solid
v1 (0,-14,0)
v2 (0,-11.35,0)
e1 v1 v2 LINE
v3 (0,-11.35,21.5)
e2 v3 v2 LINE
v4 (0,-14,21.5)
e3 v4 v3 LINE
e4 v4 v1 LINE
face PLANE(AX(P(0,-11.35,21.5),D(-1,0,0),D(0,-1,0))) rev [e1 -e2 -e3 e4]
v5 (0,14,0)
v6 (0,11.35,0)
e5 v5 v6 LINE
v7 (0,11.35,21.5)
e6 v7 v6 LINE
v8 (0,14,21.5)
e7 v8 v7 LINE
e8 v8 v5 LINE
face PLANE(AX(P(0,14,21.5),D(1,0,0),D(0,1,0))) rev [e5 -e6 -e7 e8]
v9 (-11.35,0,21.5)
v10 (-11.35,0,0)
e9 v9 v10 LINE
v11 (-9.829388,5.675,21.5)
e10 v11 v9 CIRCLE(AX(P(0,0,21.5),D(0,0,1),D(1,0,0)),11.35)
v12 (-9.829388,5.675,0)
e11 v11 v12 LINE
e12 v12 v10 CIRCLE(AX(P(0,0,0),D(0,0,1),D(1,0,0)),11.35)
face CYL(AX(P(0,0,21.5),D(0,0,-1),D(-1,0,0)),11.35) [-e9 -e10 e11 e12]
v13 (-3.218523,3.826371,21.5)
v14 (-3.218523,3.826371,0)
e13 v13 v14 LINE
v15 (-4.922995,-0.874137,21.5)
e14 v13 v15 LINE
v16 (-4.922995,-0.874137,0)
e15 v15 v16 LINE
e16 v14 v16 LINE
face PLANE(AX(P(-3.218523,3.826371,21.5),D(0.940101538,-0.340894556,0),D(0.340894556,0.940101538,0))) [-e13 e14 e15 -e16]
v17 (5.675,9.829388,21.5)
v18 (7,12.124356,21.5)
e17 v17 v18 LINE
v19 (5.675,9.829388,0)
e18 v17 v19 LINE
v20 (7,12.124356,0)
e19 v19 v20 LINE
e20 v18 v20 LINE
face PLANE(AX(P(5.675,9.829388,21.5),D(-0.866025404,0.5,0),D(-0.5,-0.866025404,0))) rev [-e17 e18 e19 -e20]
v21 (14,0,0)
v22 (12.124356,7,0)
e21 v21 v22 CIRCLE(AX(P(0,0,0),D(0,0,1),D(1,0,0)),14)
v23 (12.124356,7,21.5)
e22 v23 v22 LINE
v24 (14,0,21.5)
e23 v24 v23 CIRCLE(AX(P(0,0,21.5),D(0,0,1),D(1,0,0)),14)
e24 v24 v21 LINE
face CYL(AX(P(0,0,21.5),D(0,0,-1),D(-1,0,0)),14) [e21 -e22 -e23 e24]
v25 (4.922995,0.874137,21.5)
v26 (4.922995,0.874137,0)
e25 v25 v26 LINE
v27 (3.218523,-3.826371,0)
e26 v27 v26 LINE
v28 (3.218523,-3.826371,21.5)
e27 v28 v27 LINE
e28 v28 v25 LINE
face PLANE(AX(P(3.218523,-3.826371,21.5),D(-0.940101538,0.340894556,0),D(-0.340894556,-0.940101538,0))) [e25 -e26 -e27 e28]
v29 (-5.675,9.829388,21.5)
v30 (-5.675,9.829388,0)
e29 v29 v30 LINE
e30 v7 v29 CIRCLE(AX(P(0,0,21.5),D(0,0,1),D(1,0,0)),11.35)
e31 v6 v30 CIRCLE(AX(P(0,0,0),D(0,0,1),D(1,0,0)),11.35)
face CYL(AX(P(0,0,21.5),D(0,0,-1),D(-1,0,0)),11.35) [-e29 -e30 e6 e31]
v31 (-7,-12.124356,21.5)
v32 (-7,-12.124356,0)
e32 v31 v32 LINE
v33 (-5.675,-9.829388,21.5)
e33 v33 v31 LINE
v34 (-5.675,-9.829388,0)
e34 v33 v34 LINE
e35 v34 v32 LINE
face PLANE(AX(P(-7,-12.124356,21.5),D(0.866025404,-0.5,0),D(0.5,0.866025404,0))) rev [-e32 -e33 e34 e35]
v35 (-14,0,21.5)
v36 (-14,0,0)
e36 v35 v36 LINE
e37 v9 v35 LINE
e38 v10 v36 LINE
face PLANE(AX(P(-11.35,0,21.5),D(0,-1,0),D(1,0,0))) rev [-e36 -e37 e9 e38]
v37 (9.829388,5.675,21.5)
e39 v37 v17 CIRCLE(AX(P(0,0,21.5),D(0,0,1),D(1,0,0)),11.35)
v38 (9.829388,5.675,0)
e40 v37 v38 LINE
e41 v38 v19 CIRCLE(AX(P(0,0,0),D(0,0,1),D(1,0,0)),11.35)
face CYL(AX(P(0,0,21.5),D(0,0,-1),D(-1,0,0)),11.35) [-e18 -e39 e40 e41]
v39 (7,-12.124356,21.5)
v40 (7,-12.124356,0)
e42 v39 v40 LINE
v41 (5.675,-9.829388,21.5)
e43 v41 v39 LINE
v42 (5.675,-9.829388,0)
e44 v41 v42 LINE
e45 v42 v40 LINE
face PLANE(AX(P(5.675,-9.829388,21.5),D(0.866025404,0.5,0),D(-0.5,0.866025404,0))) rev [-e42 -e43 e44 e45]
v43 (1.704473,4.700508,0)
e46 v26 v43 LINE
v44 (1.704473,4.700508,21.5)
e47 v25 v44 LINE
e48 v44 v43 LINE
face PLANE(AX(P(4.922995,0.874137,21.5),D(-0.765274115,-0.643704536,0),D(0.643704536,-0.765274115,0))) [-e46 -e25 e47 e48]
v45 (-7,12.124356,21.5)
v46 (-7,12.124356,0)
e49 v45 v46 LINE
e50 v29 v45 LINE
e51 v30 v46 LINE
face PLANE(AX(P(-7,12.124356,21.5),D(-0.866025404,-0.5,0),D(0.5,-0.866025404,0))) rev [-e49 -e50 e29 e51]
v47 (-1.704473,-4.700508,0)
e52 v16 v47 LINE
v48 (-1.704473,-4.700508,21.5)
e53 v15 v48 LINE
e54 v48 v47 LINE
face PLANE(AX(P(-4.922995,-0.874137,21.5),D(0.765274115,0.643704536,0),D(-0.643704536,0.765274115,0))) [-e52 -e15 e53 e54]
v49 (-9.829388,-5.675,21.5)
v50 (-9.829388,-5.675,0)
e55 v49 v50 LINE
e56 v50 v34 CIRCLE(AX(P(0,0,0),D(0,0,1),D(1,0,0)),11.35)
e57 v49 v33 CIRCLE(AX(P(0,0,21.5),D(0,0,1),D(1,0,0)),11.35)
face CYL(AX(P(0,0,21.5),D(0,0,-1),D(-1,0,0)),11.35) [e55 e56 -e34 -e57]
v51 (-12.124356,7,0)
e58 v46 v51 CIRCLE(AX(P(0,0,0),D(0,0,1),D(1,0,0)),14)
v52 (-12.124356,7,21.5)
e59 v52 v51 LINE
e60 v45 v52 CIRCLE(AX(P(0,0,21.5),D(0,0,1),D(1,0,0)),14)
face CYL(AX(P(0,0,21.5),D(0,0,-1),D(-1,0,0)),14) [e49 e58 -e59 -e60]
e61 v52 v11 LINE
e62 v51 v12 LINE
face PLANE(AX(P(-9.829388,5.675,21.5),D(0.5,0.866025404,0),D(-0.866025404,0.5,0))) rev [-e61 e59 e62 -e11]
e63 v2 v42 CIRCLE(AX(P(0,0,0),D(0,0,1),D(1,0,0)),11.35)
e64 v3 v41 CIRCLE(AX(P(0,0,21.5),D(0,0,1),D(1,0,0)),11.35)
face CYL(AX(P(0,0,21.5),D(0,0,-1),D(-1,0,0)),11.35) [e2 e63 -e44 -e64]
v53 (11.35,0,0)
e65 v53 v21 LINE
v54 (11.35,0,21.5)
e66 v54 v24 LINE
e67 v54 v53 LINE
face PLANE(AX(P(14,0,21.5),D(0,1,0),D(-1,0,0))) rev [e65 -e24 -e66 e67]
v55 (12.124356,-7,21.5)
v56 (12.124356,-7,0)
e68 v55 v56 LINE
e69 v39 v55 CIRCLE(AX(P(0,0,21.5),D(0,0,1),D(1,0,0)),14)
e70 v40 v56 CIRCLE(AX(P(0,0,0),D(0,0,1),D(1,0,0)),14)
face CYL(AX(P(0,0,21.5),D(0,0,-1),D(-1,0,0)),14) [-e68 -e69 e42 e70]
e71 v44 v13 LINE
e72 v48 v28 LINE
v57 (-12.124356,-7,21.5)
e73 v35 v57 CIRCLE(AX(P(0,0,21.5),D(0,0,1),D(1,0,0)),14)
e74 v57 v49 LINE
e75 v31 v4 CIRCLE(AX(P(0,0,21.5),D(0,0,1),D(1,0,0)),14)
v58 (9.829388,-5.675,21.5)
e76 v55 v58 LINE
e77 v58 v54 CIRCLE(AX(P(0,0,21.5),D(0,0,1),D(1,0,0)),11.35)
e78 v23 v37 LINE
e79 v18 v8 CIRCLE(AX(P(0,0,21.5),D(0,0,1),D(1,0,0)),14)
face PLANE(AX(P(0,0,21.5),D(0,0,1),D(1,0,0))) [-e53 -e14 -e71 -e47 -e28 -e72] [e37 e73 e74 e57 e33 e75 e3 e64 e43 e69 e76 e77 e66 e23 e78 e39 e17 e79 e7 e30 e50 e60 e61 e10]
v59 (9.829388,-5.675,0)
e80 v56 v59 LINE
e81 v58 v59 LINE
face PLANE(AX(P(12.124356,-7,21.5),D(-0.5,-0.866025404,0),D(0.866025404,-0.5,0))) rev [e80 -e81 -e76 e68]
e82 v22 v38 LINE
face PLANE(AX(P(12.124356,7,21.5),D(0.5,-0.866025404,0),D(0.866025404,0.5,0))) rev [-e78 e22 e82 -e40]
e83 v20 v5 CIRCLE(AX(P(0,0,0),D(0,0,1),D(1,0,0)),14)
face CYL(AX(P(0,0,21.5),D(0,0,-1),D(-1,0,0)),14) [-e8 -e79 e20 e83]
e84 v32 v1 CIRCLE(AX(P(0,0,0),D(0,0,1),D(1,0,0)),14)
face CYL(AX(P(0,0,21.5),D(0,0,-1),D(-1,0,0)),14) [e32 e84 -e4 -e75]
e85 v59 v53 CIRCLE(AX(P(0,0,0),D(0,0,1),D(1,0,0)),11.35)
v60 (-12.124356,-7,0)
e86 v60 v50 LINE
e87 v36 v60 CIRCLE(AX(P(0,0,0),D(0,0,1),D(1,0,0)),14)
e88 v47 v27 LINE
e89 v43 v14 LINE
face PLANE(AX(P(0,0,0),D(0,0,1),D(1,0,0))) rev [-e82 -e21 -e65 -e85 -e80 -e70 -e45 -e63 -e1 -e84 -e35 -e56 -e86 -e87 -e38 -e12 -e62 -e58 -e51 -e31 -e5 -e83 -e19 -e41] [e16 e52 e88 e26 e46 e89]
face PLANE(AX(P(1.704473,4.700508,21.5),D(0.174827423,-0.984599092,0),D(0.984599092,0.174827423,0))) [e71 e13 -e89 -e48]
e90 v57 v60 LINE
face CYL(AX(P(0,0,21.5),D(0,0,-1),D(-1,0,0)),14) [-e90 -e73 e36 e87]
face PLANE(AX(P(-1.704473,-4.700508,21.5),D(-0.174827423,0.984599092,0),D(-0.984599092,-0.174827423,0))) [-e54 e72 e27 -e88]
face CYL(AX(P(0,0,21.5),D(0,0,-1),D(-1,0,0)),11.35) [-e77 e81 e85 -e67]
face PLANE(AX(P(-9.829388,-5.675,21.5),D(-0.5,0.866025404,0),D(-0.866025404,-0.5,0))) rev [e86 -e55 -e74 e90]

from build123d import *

# Parameters (mm, degrees)
DODANIE_WYCI_GNI_CIE1_DEPTH = 21.5


with BuildPart() as part:
    # Szkic1 → Dodanie-wyciągnięcie1 (new body)
    with BuildSketch(Plane.XY):
        with BuildLine():
            Line((0, 14), (0, 11.35))
            ThreePointArc((0, 11.35), (-2.937596162, 10.963258128), (-5.675, 9.829388333))
            Line((-5.675, 9.829388333), (-7, 12.124355653))
            ThreePointArc((-7, 12.124355653), (-9.899494937, 9.899494937), (-12.124355653, 7))
            Line((-12.124355653, 7), (-9.829388333, 5.675))
            ThreePointArc((-9.829388333, 5.675), (-10.963258128, 2.937596162), (-11.35, 0))
            Line((-11.35, 0), (-14, 0))
            ThreePointArc((-14, 0), (-13.522961568, -3.623466631), (-12.124355653, -7))
            Line((-12.124355653, -7), (-9.829388333, -5.675))
            ThreePointArc((-9.829388333, -5.675), (-8.025661966, -8.025661966), (-5.675, -9.829388333))
            Line((-5.675, -9.829388333), (-7, -12.124355653))
            ThreePointArc((-7, -12.124355653), (-3.623466631, -13.522961568), (0, -14))
            Line((0, -14), (0, -11.35))
            ThreePointArc((0, -11.35), (2.937596162, -10.963258128), (5.675, -9.829388333))
            Line((5.675, -9.829388333), (7, -12.124355653))
            ThreePointArc((7, -12.124355653), (9.899494937, -9.899494937), (12.124355653, -7))
            Line((12.124355653, -7), (9.829388333, -5.675))
            ThreePointArc((9.829388333, -5.675), (10.963258128, -2.937596162), (11.35, 0))
            Line((11.35, 0), (14, 0))
            ThreePointArc((14, 0), (13.522961568, 3.623466631), (12.124355653, 7))
            Line((12.124355653, 7), (9.829388333, 5.675))
            ThreePointArc((9.829388333, 5.675), (8.025661966, 8.025661966), (5.675, 9.829388333))
            Line((5.675, 9.829388333), (7, 12.124355653))
            ThreePointArc((7, 12.124355653), (3.623466631, 13.522961568), (0, 14))
        make_face()
        Polygon((4.922995461, 0.874137115), (1.704472782, 4.700507689), (-3.218522678, 3.826370574), (-4.922995461, -0.874137115), (-1.704472782, -4.700507689), (3.218522678, -3.826370574), align=None, mode=Mode.SUBTRACT)
    extrude(amount=DODANIE_WYCI_GNI_CIE1_DEPTH)


solid = part.part
